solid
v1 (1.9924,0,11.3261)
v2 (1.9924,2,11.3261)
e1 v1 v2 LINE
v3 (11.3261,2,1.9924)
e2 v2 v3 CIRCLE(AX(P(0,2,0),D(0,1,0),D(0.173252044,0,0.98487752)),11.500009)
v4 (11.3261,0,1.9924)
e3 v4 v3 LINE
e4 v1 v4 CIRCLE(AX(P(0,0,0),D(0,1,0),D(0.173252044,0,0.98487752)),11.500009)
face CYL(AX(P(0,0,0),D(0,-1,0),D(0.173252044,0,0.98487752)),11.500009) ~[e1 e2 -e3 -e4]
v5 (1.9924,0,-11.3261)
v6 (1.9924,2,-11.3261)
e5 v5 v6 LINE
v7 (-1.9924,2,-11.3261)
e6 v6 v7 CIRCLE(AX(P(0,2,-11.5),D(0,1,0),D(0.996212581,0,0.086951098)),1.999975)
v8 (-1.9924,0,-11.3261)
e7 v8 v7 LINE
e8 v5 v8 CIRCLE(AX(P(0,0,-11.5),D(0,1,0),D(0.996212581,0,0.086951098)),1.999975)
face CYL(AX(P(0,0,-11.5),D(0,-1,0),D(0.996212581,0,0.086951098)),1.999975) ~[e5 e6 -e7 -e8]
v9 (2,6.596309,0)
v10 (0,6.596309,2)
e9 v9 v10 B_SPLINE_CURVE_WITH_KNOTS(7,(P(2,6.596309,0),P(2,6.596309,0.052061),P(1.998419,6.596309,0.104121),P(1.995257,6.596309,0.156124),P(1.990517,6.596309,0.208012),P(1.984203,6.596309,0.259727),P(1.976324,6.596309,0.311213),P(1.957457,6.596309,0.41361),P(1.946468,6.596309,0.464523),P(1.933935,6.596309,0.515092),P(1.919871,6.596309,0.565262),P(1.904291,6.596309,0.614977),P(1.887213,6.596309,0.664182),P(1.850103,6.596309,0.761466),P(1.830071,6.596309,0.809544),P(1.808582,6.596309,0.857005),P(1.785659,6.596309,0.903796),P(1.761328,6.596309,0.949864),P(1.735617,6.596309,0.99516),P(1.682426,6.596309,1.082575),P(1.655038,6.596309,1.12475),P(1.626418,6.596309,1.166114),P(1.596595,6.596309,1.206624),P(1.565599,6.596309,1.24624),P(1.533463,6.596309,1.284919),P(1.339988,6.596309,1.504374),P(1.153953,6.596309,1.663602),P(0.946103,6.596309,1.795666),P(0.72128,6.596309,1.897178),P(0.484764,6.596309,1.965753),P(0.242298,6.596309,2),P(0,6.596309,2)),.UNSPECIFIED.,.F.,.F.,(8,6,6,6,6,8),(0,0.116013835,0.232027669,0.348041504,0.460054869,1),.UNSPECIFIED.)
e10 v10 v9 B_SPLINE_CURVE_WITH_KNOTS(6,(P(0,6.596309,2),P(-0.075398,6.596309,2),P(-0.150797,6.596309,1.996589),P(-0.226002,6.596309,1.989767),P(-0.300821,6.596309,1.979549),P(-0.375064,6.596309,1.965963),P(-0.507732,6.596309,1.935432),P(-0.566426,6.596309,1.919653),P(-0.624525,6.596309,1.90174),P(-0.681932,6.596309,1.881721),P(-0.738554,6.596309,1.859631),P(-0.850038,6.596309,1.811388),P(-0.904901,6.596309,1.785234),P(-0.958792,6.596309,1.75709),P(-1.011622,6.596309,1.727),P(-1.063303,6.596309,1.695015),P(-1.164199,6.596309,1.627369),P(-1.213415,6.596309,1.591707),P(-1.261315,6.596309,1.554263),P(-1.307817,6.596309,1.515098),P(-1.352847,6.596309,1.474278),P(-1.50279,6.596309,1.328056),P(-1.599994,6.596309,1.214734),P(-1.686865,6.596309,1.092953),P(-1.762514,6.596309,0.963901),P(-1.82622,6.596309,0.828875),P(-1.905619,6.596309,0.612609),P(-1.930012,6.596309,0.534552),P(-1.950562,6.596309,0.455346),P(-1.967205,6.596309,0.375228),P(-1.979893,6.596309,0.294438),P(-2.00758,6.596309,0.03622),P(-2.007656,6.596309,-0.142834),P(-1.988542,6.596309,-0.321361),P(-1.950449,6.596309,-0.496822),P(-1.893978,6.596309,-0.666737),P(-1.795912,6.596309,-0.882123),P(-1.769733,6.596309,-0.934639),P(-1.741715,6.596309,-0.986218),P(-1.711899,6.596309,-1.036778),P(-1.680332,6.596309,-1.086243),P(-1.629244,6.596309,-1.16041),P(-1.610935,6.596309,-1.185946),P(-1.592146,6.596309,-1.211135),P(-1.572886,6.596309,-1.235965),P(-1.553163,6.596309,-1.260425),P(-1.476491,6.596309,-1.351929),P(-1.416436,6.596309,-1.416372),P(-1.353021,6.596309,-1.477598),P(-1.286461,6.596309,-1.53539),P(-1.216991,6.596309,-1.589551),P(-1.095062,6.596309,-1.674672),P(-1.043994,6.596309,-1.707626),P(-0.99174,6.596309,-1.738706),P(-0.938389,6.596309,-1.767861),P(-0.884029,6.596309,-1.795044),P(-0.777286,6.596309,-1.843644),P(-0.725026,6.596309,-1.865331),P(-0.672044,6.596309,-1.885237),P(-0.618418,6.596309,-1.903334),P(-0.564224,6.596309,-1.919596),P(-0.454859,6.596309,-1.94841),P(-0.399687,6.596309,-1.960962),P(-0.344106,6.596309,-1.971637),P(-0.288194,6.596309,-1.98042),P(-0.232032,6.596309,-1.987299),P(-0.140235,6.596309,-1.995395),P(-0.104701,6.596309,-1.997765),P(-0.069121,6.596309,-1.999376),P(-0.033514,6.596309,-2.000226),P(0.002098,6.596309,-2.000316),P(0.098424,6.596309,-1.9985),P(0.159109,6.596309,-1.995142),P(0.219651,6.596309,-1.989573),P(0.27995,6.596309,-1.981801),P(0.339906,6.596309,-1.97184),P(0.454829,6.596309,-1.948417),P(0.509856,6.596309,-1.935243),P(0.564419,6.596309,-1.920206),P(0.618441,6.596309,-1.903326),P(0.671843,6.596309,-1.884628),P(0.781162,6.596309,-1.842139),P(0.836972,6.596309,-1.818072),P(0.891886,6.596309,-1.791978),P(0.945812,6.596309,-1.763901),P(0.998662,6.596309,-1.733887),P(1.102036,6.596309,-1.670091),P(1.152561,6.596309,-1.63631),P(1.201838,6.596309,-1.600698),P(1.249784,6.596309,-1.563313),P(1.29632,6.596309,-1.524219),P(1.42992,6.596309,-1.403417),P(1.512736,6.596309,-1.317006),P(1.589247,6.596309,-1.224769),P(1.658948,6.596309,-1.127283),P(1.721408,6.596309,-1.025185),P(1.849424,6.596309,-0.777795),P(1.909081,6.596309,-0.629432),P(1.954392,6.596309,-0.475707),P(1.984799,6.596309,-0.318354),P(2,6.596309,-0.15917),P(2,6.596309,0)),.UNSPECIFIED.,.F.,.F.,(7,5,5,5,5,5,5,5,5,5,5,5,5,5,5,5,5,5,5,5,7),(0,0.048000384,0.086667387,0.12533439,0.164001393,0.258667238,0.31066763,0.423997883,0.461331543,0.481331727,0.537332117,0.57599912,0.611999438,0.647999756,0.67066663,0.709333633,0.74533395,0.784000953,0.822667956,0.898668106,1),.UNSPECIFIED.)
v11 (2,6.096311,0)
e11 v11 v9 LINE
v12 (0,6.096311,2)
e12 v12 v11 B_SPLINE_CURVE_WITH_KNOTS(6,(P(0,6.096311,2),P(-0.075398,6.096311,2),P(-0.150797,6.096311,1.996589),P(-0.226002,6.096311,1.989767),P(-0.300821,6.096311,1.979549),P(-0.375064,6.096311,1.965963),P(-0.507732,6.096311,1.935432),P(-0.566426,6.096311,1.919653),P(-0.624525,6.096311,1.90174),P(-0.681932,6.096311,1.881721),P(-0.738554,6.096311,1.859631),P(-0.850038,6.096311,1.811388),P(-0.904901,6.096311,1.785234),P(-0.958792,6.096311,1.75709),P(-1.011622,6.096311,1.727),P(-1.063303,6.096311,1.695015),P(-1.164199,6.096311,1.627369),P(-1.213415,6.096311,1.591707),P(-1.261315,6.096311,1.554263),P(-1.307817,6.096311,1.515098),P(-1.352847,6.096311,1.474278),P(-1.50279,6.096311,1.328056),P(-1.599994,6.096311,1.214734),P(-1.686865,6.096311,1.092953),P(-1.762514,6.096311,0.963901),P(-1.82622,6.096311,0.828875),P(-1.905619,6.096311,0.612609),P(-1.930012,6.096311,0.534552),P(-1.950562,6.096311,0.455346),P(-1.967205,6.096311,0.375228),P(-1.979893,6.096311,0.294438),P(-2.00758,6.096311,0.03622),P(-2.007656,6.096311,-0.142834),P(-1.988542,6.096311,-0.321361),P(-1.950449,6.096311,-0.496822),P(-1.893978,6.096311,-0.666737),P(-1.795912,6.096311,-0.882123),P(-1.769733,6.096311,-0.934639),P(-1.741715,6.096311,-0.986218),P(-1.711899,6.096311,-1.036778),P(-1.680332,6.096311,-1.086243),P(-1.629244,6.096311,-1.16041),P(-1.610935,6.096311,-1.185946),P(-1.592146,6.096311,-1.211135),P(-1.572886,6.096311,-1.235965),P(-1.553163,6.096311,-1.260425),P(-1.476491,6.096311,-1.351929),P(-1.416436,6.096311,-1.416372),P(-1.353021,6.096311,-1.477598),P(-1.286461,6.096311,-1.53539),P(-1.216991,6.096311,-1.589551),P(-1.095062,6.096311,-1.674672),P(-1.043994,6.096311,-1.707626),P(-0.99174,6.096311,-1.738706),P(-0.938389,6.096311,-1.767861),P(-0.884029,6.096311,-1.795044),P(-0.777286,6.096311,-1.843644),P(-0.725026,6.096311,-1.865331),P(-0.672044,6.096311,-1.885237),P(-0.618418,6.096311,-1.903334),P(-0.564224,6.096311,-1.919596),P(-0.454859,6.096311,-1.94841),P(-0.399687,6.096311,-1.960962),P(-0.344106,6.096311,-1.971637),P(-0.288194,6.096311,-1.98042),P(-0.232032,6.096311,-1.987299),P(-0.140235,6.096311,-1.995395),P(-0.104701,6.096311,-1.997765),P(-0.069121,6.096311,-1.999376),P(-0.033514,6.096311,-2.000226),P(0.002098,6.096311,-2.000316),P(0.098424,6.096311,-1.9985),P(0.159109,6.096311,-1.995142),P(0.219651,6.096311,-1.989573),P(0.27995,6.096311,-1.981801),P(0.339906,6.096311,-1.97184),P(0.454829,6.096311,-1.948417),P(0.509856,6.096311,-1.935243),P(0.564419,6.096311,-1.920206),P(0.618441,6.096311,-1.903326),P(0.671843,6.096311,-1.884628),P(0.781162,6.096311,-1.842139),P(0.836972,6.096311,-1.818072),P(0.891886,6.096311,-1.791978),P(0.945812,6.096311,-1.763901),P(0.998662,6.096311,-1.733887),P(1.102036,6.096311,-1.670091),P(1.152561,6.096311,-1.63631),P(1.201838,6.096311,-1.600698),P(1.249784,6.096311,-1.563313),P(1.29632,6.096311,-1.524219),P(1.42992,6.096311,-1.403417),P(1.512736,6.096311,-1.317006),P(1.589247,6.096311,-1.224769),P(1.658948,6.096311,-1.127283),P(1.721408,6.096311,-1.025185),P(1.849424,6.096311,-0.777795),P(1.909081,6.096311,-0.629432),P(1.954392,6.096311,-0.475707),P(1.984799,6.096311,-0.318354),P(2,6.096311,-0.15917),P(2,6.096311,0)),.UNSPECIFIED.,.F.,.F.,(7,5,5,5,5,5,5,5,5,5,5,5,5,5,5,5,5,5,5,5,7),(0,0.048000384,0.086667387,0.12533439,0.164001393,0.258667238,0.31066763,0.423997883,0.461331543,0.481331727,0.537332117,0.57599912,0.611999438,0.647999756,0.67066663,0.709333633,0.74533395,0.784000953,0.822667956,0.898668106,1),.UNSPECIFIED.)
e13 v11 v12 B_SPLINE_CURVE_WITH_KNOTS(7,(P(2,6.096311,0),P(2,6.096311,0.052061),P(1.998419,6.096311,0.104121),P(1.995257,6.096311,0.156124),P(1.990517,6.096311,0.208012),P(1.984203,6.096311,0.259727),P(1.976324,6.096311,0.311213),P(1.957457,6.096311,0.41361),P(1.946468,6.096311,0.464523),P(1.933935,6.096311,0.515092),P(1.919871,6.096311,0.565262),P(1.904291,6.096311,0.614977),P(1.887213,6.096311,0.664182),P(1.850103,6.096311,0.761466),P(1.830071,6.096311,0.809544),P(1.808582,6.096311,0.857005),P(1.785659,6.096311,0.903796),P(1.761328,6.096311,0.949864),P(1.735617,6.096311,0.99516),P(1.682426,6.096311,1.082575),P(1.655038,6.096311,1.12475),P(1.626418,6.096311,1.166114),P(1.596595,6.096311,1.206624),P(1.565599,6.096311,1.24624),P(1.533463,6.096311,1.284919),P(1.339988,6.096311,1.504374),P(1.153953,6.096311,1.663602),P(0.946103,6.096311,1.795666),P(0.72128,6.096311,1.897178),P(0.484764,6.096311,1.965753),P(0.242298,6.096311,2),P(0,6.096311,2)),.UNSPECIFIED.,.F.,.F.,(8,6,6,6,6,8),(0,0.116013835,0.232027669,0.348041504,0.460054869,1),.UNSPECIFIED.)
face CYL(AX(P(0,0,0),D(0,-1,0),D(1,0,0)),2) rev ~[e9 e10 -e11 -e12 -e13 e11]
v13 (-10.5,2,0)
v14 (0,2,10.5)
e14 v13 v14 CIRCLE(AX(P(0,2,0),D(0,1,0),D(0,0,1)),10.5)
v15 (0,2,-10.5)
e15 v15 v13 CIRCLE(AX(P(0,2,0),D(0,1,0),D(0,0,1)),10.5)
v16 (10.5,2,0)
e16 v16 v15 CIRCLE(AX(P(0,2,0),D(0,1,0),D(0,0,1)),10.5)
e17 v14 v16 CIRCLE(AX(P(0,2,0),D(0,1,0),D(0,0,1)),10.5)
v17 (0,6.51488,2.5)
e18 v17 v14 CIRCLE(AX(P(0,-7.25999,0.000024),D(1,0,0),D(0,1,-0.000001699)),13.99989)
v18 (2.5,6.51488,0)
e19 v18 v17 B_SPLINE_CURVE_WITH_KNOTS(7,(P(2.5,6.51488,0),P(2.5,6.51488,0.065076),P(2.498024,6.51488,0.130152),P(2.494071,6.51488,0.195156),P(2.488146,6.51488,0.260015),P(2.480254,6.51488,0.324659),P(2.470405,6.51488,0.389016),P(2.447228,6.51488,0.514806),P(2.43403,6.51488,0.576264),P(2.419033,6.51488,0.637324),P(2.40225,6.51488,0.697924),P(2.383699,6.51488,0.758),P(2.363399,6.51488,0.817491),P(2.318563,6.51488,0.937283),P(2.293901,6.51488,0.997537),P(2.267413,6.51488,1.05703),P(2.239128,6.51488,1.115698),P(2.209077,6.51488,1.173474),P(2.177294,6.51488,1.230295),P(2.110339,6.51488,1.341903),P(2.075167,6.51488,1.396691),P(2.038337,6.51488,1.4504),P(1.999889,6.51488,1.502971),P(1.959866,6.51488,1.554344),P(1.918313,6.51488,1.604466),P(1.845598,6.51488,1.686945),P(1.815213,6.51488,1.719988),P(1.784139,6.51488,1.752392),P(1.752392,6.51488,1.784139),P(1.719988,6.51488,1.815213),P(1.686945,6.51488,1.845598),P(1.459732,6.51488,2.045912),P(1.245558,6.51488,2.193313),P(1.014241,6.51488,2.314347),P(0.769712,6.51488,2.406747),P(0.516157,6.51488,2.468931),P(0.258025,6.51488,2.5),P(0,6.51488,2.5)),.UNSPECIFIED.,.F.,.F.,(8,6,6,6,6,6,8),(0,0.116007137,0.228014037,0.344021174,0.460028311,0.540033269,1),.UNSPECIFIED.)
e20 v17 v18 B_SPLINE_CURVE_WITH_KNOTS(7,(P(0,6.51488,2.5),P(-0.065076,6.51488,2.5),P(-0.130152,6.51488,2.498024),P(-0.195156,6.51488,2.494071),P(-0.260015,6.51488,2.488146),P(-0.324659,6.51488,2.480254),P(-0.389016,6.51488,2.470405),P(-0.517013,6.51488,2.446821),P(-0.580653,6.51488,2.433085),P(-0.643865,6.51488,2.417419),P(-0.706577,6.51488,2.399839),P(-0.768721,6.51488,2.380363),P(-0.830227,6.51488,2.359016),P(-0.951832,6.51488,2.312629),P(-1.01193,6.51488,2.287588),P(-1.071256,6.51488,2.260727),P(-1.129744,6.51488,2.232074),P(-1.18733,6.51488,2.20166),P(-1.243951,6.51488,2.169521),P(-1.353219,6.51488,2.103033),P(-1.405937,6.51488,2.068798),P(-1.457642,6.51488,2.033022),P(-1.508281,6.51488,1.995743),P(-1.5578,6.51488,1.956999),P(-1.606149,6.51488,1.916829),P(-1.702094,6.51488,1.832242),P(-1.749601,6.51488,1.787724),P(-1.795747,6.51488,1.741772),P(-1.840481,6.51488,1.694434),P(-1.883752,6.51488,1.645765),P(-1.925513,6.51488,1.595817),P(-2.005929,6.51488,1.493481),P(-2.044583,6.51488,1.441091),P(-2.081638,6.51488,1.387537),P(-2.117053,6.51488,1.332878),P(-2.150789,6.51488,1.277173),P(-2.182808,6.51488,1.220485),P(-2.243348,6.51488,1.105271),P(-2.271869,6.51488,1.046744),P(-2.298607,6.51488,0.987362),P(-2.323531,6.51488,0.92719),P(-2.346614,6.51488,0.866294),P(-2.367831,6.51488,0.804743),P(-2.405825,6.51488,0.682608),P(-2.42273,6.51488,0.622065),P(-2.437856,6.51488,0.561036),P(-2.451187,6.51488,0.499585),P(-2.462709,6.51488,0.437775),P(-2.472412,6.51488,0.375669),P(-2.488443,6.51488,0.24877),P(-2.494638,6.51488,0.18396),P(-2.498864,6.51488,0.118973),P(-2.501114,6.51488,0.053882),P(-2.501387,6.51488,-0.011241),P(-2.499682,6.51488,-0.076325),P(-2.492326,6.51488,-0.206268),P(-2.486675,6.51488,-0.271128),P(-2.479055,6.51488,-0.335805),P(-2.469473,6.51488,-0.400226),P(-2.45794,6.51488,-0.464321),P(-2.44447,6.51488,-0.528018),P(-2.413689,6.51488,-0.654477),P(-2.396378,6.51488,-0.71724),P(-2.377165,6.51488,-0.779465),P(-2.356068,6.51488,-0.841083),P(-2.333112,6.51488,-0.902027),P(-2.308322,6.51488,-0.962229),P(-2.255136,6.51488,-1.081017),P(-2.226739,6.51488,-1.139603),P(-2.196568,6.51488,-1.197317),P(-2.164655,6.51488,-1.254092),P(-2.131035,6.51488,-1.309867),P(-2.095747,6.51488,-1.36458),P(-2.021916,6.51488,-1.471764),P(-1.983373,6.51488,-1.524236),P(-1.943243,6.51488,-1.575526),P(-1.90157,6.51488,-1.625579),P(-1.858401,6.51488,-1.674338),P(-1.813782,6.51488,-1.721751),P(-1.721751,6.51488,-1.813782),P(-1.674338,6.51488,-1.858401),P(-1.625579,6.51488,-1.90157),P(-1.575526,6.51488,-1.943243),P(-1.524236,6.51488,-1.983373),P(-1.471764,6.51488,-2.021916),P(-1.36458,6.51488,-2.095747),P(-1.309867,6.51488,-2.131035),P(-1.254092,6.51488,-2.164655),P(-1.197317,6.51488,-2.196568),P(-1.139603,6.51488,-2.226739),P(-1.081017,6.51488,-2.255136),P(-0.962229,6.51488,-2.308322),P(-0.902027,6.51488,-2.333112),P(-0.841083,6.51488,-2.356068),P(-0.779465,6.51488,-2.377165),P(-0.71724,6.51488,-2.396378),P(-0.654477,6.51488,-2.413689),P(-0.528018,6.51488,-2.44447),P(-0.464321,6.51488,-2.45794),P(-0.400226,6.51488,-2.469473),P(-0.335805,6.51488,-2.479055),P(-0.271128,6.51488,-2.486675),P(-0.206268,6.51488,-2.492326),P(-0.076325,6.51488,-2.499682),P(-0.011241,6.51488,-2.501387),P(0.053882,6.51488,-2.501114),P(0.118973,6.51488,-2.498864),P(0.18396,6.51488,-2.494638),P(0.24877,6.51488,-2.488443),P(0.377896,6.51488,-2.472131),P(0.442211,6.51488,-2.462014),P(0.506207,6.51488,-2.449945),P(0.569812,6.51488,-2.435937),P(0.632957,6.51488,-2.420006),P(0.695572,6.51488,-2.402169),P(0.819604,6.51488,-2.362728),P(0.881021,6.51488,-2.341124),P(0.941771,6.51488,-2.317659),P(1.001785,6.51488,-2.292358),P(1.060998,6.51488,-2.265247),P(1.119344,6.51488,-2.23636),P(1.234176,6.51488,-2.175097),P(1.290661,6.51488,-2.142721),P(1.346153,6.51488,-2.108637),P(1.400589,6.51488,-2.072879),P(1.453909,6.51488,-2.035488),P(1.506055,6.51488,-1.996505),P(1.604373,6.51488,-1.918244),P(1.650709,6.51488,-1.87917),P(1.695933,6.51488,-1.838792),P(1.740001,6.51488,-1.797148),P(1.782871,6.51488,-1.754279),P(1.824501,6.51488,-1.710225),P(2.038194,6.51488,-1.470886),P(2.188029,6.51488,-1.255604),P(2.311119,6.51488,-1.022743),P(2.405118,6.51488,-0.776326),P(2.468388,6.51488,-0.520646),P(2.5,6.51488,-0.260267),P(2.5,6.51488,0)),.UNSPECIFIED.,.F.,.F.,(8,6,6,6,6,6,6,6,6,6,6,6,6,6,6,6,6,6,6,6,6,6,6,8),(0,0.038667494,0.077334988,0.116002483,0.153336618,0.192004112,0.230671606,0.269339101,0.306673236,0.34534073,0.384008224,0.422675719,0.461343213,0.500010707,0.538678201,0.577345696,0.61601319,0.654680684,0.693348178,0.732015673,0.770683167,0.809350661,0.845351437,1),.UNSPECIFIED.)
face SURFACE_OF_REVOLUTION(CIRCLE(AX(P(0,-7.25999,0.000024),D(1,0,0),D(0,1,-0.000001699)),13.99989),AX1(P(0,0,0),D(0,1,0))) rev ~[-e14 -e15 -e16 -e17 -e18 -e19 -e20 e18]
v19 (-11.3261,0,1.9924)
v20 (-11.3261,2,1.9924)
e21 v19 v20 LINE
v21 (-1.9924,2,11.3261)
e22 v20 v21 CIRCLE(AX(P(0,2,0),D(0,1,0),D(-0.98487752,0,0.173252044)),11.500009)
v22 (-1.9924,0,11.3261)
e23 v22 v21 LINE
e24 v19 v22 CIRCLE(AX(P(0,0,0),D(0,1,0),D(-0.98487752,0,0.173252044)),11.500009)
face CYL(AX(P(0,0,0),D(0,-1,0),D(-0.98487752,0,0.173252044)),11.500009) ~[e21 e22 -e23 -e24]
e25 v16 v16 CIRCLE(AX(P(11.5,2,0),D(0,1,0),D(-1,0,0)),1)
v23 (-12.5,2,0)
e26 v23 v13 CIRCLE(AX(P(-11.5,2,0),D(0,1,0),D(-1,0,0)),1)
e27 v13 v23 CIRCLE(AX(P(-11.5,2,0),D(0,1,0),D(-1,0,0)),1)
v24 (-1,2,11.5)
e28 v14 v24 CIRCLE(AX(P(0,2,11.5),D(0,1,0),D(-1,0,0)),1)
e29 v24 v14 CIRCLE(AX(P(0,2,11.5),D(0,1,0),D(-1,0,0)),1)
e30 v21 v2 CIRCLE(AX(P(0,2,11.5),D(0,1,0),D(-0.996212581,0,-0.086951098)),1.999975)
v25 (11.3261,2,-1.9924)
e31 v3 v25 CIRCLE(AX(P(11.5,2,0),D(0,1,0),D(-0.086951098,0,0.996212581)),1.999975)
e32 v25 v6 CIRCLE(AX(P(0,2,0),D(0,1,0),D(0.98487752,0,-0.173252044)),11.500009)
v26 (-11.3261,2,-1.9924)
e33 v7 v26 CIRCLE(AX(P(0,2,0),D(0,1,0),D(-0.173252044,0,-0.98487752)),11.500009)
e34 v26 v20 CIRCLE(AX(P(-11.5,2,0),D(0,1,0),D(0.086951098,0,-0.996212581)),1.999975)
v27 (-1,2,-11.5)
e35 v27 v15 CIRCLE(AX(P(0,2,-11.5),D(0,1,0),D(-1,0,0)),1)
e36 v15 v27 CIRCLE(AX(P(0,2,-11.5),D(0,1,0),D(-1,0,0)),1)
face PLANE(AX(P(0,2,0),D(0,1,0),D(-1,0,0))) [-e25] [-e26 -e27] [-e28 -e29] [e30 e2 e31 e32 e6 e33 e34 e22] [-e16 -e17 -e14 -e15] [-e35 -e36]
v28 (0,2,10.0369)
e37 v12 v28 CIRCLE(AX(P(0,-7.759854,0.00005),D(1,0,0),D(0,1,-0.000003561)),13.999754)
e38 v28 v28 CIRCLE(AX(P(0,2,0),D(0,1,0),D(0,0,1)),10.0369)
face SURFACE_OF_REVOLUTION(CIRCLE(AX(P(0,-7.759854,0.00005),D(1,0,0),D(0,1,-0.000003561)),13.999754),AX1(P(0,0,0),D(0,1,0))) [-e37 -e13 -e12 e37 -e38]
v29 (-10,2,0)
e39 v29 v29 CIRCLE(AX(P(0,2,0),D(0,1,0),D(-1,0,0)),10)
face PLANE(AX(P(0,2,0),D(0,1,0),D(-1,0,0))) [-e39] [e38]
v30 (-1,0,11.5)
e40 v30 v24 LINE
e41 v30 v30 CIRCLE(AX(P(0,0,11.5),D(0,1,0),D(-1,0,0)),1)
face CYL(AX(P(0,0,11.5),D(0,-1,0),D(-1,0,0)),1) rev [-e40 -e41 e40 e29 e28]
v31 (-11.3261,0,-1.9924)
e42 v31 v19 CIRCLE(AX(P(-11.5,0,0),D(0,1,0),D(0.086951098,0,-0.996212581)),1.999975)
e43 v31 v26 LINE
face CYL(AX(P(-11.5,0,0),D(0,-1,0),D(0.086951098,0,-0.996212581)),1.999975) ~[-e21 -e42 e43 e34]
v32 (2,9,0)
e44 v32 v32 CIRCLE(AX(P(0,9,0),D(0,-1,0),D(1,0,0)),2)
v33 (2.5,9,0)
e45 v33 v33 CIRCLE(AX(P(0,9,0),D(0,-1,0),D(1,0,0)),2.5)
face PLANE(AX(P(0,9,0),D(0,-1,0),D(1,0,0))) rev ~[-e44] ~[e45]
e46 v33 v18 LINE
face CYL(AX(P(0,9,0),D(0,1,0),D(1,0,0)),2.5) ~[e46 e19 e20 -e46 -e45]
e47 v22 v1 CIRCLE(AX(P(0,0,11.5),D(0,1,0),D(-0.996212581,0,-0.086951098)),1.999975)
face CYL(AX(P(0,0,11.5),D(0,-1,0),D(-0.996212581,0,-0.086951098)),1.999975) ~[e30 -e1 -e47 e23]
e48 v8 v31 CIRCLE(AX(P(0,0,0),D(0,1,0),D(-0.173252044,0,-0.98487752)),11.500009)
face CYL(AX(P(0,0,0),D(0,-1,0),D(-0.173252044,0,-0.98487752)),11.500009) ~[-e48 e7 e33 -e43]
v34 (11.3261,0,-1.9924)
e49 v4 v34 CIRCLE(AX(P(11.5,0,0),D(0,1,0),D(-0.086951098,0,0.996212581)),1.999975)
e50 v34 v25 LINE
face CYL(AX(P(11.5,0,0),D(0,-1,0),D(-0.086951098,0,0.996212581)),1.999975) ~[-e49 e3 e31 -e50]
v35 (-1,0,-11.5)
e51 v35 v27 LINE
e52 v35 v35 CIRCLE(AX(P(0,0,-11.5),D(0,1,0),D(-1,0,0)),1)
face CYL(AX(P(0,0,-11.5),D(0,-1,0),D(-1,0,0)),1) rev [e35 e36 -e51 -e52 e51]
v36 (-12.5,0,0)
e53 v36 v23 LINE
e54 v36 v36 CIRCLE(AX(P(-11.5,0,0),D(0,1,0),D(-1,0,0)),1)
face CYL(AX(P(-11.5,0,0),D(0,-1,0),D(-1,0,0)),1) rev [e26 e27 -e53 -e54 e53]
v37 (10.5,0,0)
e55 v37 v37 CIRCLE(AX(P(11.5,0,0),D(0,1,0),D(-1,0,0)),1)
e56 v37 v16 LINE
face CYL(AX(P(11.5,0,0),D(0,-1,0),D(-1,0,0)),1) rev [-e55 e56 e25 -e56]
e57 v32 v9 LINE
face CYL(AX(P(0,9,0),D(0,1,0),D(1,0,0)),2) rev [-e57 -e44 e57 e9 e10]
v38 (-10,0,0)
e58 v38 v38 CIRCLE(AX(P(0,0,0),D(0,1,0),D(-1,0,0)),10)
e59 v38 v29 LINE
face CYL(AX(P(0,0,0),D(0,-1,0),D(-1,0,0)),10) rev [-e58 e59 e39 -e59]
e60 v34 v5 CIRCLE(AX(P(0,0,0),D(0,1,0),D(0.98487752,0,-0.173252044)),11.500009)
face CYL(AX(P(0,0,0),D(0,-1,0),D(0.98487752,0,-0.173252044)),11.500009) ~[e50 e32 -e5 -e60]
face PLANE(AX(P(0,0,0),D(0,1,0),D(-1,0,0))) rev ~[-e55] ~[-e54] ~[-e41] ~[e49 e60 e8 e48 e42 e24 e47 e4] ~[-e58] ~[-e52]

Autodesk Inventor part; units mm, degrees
ref_plane "YZ Plane" through (0, 0, 0) normal (1, 0, 0) x (0, 1, 0)
ref_plane "XZ Plane" through (0, 0, 0) normal (0, 1, 0) x (-1, 0, 0)
sketch "Sketch1" plane through (0, 0, 0) normal (0, 1, 0) x (-1, 0, 0)
  circle A0 centre (0, 0) radius 12.5 construction
  line L0 (12.5, 0) -> (-12.5, 0) construction
  line L1 (0, -12.5) -> (0, 12.5) construction
  circle A1 centre (-11.5, 0) radius 1
  circle A2 centre (0, -11.5) radius 1
  circle A3 centre (11.5, 0) radius 1
  circle A4 centre (0, 11.5) radius 1
  circle A5 centre (0, 0) radius 10
  arc A6 (-1.9924, -11.3261) -> (1.9924, -11.3261) centre (0, -11.5) ccw
  arc A7 (-11.3261, 1.9924) -> (-11.3261, -1.9924) centre (-11.5, 0) ccw
  arc A8 (1.9924, 11.3261) -> (-1.9924, 11.3261) centre (0, 11.5) ccw
  arc A9 (11.3261, -1.9924) -> (11.3261, 1.9924) centre (11.5, 0) ccw
  arc A10 (0.9991, -11.4565) -> (11.3261, -1.9924) centre (0, 0) ccw construction
  arc A11 (1.9924, -11.3261) -> (11.3261, -1.9924) centre (0, 0) ccw
  arc A12 (11.3261, 1.9924) -> (1.9924, 11.3261) centre (0, 0) ccw construction
  arc A13 (11.3261, 1.9924) -> (1.9924, 11.3261) centre (0, 0) ccw
  arc A14 (-1.9924, 11.3261) -> (-11.3261, 1.9924) centre (0, 0) ccw construction
  arc A15 (-1.9924, 11.3261) -> (-11.3261, 1.9924) centre (0, 0) ccw
  arc A16 (-11.3261, -1.9924) -> (-1.9924, -11.3261) centre (0, 0) ccw construction
  arc A17 (-11.3261, -1.9924) -> (-1.9924, -11.3261) centre (0, 0) ccw
  line L2 (0, -10) -> (-9.6532, -10) construction
  point P0 (0, 0)
  point P1 (0, 0)
  dimension "d1" = 2
  dimension "d2" = 20
  dimension "d0" = 25
  dimension "d3" = 2
  dimension "d4" = 11.5
  dimension "d5" = 11.5
  dimension "d6" = 11.5
  dimension "d7" = 11.5
extrude "Extrusion1" add sketch "Sketch1" along normal blind 2
sketch "Sketch2" plane through (0, 0, 0) normal (1, 0, 0) x (0, 1, 0)
  line L0 (0, 0) -> (6.7399, 0) construction
  line L1 (2, 10.5) -> (0, 10.5) projected
  arc A0 (6.7399, 0) -> (2, 10.5) centre (-7.2601, 0) ccw
  line L2 (2, 10) -> (0, 10) projected
  arc A1 (6.2399, 0) -> (2, 10.0369) centre (-7.7601, 0) ccw
  line L3 (6.7399, 0) -> (6.7399, 0.4008)
  line L4 (2, 12.5) -> (2, 10.5) projected
  line L5 (2, 10) -> (2, 10.5)
  line L6 (0, 0) -> (-7.5749, 0) construction
  line L7 (6.7399, 0) -> (6.2399, 0)
  dimension "d10" = 14
  dimension "d11" = 0.5
  dimension "d12" = 14
revolve "Revolution1" add sketch "Sketch2" angle 360 about axis through (0, 0, 0) along (0, 1, 0)
sketch "Sketch3" plane through (0, 0, 0) normal (0, -1, 0) x (1, 0, 0)
  circle A0 centre (0, 0) radius 2
  dimension "d14" = 4
extrude "Extrusion2" cut sketch "Sketch3" against normal up to surface
ref_plane "Work Plane1" through (0, 9, 0) normal (0, -1, 0) x (1, 0, 0)
sketch "Sketch5" plane through (0, 9, 0) normal (0, -1, 0) x (1, 0, 0)
  circle A0 centre (0, 0) radius 2
  circle A1 centre (0, 0) radius 2.5
  dimension "d20" = 5
  dimension "d21" = 4
extrude "Extrusion3" add sketch "Sketch5" along normal up to surface
properties part number "_3DPrint"
